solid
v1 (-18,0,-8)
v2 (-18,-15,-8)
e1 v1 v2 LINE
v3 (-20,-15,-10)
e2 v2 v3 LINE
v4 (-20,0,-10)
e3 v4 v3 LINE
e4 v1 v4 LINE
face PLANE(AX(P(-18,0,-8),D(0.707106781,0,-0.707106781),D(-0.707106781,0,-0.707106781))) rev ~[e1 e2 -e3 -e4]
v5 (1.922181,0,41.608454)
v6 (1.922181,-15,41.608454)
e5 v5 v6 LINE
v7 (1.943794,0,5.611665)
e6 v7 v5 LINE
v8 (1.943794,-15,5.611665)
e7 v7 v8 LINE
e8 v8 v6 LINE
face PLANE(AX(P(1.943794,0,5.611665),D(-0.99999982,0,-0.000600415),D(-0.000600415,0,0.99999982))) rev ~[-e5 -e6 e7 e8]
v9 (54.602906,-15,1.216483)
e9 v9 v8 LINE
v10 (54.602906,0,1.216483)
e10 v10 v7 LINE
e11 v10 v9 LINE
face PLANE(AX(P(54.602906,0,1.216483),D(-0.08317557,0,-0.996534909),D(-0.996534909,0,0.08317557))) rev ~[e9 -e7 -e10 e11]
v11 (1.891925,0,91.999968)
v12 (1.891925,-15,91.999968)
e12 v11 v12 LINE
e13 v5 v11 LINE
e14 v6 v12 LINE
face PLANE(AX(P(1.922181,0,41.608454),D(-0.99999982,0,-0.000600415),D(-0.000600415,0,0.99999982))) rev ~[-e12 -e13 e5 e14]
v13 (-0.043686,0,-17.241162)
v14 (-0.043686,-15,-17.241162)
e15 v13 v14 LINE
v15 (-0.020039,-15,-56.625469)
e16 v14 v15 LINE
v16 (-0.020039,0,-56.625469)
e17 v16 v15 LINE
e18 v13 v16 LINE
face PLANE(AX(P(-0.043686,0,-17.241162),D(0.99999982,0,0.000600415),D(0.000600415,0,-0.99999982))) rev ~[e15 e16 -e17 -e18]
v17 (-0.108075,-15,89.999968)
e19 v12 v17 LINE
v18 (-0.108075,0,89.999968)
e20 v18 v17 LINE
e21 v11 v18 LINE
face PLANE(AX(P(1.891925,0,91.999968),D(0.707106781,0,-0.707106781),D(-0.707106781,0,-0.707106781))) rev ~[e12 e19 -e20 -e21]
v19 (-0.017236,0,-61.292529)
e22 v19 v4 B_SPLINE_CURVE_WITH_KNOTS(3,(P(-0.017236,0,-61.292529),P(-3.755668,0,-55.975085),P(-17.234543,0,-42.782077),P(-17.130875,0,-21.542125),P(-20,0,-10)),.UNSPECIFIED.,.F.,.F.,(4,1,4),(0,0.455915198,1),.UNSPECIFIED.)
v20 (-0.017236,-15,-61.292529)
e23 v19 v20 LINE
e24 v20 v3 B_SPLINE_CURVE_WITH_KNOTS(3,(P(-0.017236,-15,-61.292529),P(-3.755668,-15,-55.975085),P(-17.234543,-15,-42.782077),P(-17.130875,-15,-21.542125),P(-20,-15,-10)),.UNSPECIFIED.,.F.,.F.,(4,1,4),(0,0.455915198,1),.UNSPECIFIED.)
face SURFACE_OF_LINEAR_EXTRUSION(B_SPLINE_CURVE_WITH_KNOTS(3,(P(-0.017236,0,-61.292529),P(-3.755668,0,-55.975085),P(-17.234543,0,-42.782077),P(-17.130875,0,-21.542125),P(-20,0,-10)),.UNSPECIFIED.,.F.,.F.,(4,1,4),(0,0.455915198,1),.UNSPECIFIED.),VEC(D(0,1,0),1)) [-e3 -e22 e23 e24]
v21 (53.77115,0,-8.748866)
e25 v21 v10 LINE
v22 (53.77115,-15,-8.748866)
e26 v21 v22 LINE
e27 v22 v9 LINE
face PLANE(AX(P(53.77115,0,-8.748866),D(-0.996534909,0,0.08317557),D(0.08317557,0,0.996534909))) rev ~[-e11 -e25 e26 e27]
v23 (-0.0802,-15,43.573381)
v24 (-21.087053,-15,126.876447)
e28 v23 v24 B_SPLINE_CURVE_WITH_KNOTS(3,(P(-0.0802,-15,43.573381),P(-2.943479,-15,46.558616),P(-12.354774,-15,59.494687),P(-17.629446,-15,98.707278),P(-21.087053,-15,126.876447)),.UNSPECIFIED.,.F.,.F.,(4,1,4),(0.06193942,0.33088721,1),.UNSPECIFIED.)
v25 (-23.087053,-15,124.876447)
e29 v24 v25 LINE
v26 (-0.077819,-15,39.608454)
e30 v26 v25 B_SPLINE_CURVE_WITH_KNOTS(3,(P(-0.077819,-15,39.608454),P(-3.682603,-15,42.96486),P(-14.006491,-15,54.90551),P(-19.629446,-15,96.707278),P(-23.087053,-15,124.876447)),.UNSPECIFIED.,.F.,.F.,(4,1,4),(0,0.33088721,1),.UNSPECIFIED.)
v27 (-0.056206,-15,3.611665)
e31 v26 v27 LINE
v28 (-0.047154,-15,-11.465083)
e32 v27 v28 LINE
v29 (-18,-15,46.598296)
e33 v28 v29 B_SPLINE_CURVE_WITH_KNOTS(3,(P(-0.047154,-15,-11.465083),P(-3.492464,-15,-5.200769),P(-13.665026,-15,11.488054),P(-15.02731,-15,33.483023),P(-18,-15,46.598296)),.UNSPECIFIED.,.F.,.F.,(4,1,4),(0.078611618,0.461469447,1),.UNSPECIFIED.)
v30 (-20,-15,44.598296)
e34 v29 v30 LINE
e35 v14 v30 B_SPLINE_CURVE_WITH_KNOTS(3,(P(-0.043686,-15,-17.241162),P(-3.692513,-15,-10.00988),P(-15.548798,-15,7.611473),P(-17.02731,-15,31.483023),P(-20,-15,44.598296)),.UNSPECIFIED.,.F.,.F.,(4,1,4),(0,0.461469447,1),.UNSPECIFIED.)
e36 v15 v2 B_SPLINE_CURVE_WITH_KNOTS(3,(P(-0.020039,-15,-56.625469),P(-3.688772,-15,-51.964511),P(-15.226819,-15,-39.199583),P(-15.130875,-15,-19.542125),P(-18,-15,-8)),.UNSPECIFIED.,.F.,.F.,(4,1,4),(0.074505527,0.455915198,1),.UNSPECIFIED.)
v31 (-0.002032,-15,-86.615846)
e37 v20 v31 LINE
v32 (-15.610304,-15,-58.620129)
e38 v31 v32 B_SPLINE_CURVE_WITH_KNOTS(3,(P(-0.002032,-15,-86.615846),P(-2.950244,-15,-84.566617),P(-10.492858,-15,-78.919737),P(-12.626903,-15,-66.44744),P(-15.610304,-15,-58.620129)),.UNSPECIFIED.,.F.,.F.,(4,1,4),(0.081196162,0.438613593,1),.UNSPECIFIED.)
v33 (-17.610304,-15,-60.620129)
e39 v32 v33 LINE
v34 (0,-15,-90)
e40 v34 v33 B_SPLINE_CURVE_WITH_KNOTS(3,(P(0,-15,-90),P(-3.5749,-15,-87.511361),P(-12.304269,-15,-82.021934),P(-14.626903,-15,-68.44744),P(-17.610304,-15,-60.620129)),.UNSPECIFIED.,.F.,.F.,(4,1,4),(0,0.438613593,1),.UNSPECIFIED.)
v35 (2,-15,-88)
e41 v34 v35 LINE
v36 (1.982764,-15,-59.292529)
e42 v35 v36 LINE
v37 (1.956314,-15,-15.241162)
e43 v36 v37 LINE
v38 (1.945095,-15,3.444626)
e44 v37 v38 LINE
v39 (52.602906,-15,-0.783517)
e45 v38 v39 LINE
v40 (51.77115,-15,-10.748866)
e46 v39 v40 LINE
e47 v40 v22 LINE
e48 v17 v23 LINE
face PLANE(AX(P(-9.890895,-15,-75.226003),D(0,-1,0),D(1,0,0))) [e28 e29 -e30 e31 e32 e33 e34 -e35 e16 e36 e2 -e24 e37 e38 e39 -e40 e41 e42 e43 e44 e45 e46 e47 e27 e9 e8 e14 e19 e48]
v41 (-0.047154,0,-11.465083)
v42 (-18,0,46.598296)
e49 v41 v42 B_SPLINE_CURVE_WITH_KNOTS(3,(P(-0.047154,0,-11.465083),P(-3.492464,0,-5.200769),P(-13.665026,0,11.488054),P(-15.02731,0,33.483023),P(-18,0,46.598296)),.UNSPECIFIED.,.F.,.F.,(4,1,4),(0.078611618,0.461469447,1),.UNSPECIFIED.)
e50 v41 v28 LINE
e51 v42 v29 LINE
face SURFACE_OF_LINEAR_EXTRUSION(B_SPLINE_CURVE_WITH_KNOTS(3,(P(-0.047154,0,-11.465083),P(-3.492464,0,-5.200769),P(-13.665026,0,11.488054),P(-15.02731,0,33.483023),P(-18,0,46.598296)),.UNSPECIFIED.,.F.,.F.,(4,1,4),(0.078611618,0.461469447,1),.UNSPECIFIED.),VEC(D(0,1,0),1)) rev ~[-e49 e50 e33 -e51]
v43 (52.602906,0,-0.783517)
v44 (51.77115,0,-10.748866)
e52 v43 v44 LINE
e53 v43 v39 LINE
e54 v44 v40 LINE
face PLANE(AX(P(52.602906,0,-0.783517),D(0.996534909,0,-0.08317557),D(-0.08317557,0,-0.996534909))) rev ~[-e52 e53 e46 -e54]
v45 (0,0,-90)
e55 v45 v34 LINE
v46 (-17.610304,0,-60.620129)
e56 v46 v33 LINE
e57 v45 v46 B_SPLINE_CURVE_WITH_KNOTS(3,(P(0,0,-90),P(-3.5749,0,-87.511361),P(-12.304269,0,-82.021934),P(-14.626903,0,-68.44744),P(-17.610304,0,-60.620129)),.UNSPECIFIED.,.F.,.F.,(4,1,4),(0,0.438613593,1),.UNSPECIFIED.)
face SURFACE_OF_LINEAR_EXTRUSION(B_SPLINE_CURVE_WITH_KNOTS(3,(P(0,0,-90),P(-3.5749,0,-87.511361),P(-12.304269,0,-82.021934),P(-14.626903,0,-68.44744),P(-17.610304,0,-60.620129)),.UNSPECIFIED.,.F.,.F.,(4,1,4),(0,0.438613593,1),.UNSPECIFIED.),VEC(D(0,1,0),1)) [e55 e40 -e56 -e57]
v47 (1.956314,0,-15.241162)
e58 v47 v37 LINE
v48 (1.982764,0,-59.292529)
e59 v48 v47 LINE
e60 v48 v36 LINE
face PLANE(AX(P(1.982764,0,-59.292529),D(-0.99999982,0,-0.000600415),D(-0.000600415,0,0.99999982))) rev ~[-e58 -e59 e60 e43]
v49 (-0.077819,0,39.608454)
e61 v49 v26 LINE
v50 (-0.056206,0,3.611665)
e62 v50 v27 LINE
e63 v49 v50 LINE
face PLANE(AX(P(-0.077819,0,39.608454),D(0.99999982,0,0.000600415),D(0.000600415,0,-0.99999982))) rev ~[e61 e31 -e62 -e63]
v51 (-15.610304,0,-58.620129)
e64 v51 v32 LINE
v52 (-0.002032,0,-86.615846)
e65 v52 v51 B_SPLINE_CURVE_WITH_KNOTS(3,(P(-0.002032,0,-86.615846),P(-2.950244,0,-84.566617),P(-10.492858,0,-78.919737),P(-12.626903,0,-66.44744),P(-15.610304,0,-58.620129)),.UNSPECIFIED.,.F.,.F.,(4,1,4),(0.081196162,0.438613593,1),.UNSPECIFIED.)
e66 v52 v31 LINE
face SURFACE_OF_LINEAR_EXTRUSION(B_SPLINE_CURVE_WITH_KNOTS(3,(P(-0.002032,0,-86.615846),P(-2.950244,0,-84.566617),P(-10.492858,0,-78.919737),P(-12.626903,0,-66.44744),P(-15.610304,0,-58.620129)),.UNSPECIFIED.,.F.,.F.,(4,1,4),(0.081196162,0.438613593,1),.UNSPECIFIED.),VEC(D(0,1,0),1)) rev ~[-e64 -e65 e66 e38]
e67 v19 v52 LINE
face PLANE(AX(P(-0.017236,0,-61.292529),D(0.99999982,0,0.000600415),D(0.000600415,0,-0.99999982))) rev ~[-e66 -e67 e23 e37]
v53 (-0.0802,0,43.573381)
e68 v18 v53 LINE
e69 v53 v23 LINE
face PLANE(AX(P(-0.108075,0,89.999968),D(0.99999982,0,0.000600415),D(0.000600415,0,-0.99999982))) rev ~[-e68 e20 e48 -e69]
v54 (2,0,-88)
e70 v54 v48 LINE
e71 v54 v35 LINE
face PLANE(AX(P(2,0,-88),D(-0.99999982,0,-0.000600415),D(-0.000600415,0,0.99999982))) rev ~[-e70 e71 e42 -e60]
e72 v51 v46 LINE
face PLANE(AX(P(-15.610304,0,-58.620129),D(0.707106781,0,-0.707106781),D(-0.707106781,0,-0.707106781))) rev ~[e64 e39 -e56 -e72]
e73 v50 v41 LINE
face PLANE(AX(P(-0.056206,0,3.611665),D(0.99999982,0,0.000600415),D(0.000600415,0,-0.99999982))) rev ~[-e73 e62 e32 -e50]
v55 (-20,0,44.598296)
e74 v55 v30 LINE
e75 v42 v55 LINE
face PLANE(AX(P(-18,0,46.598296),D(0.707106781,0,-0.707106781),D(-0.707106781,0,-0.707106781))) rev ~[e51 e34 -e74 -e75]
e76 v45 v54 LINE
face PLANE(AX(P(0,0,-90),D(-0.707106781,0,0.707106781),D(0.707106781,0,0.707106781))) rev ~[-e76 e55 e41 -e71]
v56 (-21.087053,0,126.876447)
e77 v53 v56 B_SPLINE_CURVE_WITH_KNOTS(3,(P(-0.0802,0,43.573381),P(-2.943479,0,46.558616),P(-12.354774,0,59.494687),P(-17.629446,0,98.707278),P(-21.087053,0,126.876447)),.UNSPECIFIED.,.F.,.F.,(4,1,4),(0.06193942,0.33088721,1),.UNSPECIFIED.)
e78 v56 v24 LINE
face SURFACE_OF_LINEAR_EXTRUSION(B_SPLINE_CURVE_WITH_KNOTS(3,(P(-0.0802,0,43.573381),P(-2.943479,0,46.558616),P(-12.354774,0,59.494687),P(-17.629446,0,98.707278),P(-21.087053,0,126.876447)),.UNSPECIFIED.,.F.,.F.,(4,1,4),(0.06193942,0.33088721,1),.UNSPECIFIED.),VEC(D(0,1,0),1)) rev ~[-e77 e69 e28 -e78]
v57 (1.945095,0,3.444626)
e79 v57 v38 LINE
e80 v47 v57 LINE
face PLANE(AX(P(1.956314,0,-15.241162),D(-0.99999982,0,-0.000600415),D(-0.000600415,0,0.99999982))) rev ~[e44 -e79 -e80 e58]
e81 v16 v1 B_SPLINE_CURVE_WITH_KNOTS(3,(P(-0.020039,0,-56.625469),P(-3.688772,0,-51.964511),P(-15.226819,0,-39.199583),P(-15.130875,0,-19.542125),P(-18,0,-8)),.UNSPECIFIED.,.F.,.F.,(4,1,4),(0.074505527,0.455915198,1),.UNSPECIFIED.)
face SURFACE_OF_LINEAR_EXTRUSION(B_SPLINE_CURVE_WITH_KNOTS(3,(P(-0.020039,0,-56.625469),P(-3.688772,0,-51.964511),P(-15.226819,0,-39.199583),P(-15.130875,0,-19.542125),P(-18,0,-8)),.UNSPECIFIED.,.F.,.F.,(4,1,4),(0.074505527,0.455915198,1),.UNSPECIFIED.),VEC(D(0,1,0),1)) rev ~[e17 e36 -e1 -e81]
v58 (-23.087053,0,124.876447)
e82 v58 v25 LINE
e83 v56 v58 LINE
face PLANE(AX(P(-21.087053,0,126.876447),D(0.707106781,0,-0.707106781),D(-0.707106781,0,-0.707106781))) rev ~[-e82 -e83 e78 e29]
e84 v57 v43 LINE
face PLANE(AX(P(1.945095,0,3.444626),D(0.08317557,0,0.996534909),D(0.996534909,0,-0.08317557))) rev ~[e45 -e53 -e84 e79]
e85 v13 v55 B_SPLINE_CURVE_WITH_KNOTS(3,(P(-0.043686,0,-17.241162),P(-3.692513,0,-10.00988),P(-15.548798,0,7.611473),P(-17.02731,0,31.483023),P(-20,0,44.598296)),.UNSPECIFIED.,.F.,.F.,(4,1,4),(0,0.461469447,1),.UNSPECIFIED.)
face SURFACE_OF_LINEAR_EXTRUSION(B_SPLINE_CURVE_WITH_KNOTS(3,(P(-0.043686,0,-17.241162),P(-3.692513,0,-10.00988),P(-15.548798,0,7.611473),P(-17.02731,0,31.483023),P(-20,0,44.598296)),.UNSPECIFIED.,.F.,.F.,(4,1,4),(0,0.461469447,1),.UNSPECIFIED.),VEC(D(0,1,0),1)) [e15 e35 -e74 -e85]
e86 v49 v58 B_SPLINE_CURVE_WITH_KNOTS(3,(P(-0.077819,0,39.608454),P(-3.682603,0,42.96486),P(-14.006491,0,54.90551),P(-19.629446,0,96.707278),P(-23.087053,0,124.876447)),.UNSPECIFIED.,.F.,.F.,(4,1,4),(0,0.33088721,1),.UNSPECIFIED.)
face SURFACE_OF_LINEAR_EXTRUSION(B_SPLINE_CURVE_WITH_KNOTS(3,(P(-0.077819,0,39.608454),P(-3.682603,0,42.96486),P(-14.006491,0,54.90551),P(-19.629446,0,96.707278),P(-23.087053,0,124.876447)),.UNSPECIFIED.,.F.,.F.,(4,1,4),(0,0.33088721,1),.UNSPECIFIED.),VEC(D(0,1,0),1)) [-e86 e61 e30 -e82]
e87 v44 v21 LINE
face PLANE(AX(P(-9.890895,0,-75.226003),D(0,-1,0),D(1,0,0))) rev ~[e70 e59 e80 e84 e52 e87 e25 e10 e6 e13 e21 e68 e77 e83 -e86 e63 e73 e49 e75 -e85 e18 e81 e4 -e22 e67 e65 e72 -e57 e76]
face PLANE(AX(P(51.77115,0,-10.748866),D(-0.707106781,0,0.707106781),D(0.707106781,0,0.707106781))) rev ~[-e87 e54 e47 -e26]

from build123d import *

# Parameters (mm, degrees)
F1_DEPTH = 15


with BuildPart() as f1:
    # F0 (on Front) → F1 (new body)
    with BuildSketch(Plane.XZ):
        with BuildLine():
            Line((0, -90), (-0.0020318986, -86.6158458051))
            add(Edge.make_bspline(
                [(-0.0020318986, -86.6158458051), (-2.9502442041, -84.5666168129), (-10.4928577407, -78.9197373079), (-12.6269030842, -66.4474399981), (-15.6103040576, -58.6201291084)],
                knots=[0.0811961622, 0.0811961622, 0.0811961622, 0.0811961622, 0.4386135929, 1, 1, 1, 1], degree=3))
            Line((-15.6103040576, -58.6201291084), (-17.6103040576, -60.6201291084))
            add(Edge.make_bspline(
                [(0, -90), (-3.574900176, -87.5113609623), (-12.3042687462, -82.0219341359), (-14.6269030842, -68.4474399981), (-17.6103040576, -60.6201291084)],
                knots=[0, 0, 0, 0, 0.4386135929, 1, 1, 1, 1], degree=3))
        make_face()
        with BuildLine():
            Line((-0.01723641, -61.292529125), (-0.0200385849, -56.6254693835))
            add(Edge.make_bspline(
                [(-0.0200385849, -56.6254693835), (-3.6887717396, -51.9645114707), (-15.2268192201, -39.1995831189), (-15.1308750191, -19.5421248357), (-18, -8)],
                knots=[0.074505527, 0.074505527, 0.074505527, 0.074505527, 0.4559151981, 1, 1, 1, 1], degree=3))
            Line((-18, -8), (-20, -10))
            add(Edge.make_bspline(
                [(-0.01723641, -61.292529125), (-3.7556680649, -55.9750846321), (-17.2345430623, -42.7820769442), (-17.1308750191, -21.5421248357), (-20, -10)],
                knots=[0, 0, 0, 0, 0.4559151981, 1, 1, 1, 1], degree=3))
        make_face()
        with BuildLine():
            add(Edge.make_bspline(
                [(-0.0778189226, 39.6084542304), (-3.6826029225, 42.9648597076), (-14.0064909417, 54.9055102531), (-19.6294464583, 96.7072776634), (-23.0870526284, 124.876447022)],
                knots=[0, 0, 0, 0, 0.3308872096, 1, 1, 1, 1], degree=3))
            Line((-0.0778189226, 39.6084542304), (-0.0801995262, 43.5733814298))
            add(Edge.make_bspline(
                [(-0.0801995262, 43.5733814298), (-2.9434791077, 46.558615577), (-12.3547735456, 59.4946874854), (-17.6294464583, 98.7072776634), (-21.0870526284, 126.876447022)],
                knots=[0.0619394201, 0.0619394201, 0.0619394201, 0.0619394201, 0.3308872096, 1, 1, 1, 1], degree=3))
            Line((-21.0870526284, 126.876447022), (-23.0870526284, 124.876447022))
        make_face()
        with BuildLine():
            add(Edge.make_bspline(
                [(1.98276359, -59.292529125), (1.3718301933, -58.4235539167), (0.6966210014, -57.5359526563), (-0.0200385849, -56.6254693835)],
                knots=[0, 0, 0, 0, 0.074505527, 0.074505527, 0.074505527, 0.074505527], degree=3))
            Line((-0.0200385849, -56.6254693835), (-0.01723641, -61.292529125))
            Line((-0.01723641, -61.292529125), (-0.0020318986, -86.6158458051))
            add(Edge.make_bspline(
                [(2, -88), (1.3382143662, -87.5393030625), (0.6677270556, -87.0813785838), (-0.0020318986, -86.6158458051)],
                knots=[0, 0, 0, 0, 0.0811961622, 0.0811961622, 0.0811961622, 0.0811961622], degree=3))
            Line((2, -88), (1.98276359, -59.292529125))
        make_face()
        with BuildLine():
            Line((-0.0436855326, -17.2411623467), (-0.0471535801, -11.4650829107))
            add(Edge.make_bspline(
                [(-0.0471535801, -11.4650829107), (-3.4924642294, -5.2007687498), (-13.6650261124, 11.4880544453), (-15.0273097595, 33.4830225824), (-18, 46.5982962847)],
                knots=[0.0786116183, 0.0786116183, 0.0786116183, 0.0786116183, 0.4614694467, 1, 1, 1, 1], degree=3))
            Line((-18, 46.5982962847), (-20, 44.5982962847))
            add(Edge.make_bspline(
                [(-0.0436855326, -17.2411623467), (-3.692513195, -10.0098797985), (-15.5487979027, 7.6114733276), (-17.0273097595, 31.4830225824), (-20, 44.5982962847)],
                knots=[0, 0, 0, 0, 0.4614694467, 1, 1, 1, 1], degree=3))
        make_face()
        with BuildLine():
            Line((1.9450952305, 3.4446264209), (-0.0562058927, 3.6116645843))
            Line((-0.0562058927, 3.6116645843), (-0.0471535801, -11.4650829107))
            add(Edge.make_bspline(
                [(1.9563144674, -15.2411623467), (1.3347343186, -14.0093086945), (0.6602668394, -12.7513250533), (-0.0471535801, -11.4650829107)],
                knots=[0, 0, 0, 0, 0.0786116183, 0.0786116183, 0.0786116183, 0.0786116183], degree=3))
            Line((1.9563144674, -15.2411623467), (1.9450952305, 3.4446264209))
        make_face()
        with BuildLine():
            add(Edge.make_bspline(
                [(1.9563144674, -15.2411623467), (1.3347343186, -14.0093086945), (0.6602668394, -12.7513250533), (-0.0471535801, -11.4650829107)],
                knots=[0, 0, 0, 0, 0.0786116183, 0.0786116183, 0.0786116183, 0.0786116183], degree=3))
            Line((-0.0471535801, -11.4650829107), (-0.0436855326, -17.2411623467))
            Line((-0.0436855326, -17.2411623467), (-0.0200385849, -56.6254693835))
            add(Edge.make_bspline(
                [(1.98276359, -59.292529125), (1.3718301933, -58.4235539167), (0.6966210014, -57.5359526563), (-0.0200385849, -56.6254693835)],
                knots=[0, 0, 0, 0, 0.074505527, 0.074505527, 0.074505527, 0.074505527], degree=3))
            Line((1.98276359, -59.292529125), (1.9563144674, -15.2411623467))
        make_face()
        with BuildLine():
            Line((-0.1080747673, 89.9999675551), (-0.0801995262, 43.5733814298))
            add(Edge.make_bspline(
                [(1.9221810774, 41.6084542304), (1.2473945519, 42.2367462974), (0.579221684, 42.8858737457), (-0.0801995262, 43.5733814298)],
                knots=[0, 0, 0, 0, 0.0619394201, 0.0619394201, 0.0619394201, 0.0619394201], degree=3))
            Line((1.9221810774, 41.6084542304), (1.8919252327, 91.9999675551))
            Line((1.8919252327, 91.9999675551), (-0.1080747673, 89.9999675551))
        make_face()
        Polygon((1.9437941073, 5.6116645843), (1.9450952305, 3.4446264209), (52.6029056818, -0.7835167228), (51.7711499852, -10.7488658116), (53.7711499852, -8.7488658116), (54.6029056818, 1.2164832772), align=None)
        with BuildLine():
            Line((-0.0801995262, 43.5733814298), (-0.0778189226, 39.6084542304))
            Line((-0.0778189226, 39.6084542304), (-0.0562058927, 3.6116645843))
            Line((-0.0562058927, 3.6116645843), (1.9450952305, 3.4446264209))
            Line((1.9450952305, 3.4446264209), (1.9437941073, 5.6116645843))
            Line((1.9437941073, 5.6116645843), (1.9221810774, 41.6084542304))
            add(Edge.make_bspline(
                [(1.9221810774, 41.6084542304), (1.2473945519, 42.2367462974), (0.579221684, 42.8858737457), (-0.0801995262, 43.5733814298)],
                knots=[0, 0, 0, 0, 0.0619394201, 0.0619394201, 0.0619394201, 0.0619394201], degree=3))
        make_face()
        with BuildLine():
            Line((0, -90), (2, -88))
            add(Edge.make_bspline(
                [(2, -88), (1.3382143662, -87.5393030625), (0.6677270556, -87.0813785838), (-0.0020318986, -86.6158458051)],
                knots=[0, 0, 0, 0, 0.0811961622, 0.0811961622, 0.0811961622, 0.0811961622], degree=3))
            Line((-0.0020318986, -86.6158458051), (0, -90))
        make_face()
    extrude(amount=F1_DEPTH)


solid = f1.part
